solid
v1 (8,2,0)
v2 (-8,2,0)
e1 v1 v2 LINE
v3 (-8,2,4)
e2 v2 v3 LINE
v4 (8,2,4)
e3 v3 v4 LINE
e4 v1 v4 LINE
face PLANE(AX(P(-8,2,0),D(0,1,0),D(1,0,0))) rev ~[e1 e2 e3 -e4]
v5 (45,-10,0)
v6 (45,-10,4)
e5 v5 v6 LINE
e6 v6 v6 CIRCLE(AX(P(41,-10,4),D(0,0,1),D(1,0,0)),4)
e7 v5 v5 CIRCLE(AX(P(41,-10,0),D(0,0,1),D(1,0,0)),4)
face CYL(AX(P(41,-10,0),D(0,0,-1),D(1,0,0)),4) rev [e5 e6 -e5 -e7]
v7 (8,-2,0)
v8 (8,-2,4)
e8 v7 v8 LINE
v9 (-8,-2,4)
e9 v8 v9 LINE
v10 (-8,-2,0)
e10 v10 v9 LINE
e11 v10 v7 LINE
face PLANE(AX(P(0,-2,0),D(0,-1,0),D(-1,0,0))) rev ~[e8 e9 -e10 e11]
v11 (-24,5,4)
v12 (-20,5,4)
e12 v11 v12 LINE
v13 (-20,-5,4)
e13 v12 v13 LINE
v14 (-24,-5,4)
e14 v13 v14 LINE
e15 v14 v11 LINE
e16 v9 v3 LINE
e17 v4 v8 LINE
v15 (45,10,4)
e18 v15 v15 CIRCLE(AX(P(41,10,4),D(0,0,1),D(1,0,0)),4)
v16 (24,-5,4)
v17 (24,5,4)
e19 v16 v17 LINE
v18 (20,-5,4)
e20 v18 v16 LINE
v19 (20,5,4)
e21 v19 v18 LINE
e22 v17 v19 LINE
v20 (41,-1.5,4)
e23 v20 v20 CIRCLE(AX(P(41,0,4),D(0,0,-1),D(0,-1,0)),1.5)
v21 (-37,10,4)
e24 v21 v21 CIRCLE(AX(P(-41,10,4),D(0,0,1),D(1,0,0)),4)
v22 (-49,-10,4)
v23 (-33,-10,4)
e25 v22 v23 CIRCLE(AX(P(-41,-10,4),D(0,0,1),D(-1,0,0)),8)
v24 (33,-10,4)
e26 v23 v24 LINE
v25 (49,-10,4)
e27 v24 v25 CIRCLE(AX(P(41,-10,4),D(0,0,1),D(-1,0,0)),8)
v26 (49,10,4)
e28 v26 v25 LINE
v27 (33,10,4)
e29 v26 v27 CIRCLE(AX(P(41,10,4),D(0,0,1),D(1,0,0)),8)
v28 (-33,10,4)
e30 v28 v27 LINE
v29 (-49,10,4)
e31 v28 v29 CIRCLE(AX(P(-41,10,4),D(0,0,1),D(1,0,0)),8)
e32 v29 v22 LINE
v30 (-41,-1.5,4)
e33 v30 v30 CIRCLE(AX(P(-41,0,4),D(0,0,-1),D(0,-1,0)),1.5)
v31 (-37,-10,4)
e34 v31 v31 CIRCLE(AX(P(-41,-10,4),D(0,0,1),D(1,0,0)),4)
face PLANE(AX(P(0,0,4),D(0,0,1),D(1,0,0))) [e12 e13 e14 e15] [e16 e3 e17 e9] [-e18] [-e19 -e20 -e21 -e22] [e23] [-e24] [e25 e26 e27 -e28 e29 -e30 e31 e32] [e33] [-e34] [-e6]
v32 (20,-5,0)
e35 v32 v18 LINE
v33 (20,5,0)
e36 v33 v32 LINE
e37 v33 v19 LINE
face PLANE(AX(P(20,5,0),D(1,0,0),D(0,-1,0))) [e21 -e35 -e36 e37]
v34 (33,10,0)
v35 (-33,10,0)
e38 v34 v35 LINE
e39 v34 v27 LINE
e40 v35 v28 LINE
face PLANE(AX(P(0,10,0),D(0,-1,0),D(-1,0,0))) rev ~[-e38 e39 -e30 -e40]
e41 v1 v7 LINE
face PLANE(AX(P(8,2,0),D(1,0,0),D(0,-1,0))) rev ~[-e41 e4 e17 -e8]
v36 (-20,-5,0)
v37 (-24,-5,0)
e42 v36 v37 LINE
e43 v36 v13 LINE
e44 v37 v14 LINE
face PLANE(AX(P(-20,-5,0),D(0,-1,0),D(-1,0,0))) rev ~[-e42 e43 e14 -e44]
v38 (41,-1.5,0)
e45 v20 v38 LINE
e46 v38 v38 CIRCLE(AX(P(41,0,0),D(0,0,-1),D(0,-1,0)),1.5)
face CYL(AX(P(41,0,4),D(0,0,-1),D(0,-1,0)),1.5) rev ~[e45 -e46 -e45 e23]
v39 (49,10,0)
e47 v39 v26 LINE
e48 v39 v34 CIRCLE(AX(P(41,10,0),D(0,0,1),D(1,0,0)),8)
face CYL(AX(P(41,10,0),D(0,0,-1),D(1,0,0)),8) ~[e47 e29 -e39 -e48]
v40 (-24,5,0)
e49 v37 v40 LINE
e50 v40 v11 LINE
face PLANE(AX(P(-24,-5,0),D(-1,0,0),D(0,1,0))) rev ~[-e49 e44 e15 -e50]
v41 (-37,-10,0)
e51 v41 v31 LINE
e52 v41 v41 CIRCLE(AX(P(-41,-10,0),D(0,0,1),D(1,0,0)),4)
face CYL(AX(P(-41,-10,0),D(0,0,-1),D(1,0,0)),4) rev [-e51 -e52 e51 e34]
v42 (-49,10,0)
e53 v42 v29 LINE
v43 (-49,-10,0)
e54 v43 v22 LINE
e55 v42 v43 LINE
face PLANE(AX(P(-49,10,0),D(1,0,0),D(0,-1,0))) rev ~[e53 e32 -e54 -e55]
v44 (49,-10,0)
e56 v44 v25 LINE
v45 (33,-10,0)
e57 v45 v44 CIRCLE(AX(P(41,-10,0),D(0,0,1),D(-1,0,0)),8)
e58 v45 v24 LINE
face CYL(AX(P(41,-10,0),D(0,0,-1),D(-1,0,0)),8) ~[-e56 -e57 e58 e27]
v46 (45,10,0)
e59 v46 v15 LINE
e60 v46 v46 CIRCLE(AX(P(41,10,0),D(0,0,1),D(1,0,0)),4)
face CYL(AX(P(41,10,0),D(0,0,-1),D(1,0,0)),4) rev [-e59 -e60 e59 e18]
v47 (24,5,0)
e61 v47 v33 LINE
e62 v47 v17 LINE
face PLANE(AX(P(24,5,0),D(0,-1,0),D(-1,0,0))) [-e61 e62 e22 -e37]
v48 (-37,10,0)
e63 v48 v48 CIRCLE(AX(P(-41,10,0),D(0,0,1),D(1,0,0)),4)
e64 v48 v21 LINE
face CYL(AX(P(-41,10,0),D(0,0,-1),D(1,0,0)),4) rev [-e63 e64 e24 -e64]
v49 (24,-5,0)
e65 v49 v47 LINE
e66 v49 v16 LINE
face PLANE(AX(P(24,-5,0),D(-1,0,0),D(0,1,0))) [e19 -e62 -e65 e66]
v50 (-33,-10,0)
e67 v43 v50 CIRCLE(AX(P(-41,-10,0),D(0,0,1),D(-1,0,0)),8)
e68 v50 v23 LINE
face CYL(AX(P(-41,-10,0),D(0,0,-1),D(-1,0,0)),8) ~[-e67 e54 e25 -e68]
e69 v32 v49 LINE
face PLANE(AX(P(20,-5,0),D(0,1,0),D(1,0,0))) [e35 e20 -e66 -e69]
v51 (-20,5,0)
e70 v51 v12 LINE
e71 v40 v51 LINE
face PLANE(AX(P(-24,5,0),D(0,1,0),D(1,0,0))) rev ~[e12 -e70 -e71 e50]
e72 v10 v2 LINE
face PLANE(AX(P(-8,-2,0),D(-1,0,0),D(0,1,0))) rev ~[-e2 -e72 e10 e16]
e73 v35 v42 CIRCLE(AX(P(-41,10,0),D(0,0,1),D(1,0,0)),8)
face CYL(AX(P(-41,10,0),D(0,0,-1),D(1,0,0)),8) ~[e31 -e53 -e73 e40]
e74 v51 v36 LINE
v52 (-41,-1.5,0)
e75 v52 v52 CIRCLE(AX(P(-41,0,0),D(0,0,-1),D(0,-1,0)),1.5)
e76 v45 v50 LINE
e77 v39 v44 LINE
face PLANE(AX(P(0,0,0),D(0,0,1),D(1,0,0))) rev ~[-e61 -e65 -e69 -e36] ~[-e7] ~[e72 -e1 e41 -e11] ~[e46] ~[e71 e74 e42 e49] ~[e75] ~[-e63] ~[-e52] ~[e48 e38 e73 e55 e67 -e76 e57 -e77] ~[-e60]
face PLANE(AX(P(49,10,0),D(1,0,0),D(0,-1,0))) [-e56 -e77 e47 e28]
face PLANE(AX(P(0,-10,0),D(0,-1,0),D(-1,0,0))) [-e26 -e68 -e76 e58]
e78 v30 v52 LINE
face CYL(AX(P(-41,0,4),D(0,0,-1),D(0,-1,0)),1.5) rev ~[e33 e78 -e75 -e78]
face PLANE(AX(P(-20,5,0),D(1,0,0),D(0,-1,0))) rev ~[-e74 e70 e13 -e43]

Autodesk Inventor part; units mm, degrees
ref_plane "YZ Plane" through (0, 0, 0) normal (1, 0, 0) x (0, 1, 0)
ref_plane "XZ Plane" through (0, 0, 0) normal (0, 1, 0) x (-1, 0, 0)
ref_plane "XY Plane" through (0, 0, 0) normal (0, 0, 1) x (1, 0, 0)
sketch "Эскиз1" plane through (0, 0, 0) normal (0, 0, 1) x (1, 0, 0)
  circle A0 centre (-41, -10) radius 4
  circle A1 centre (-41, 10) radius 4
  circle A2 centre (41, 10) radius 4
  circle A3 centre (41, -10) radius 4
  line L0 (-41, 10) -> (41, 10) construction
  line L1 (41, 10) -> (41, -10) construction
  line L2 (41, -10) -> (-41, -10) construction
  line L3 (-41, -10) -> (-41, 10) construction
  arc A4 (-33, 10) -> (-49, 10) centre (-41, 10) ccw
  arc A5 (-49, -10) -> (-33, -10) centre (-41, -10) ccw
  arc A6 (33, -10) -> (49, -10) centre (41, -10) ccw
  arc A7 (49, 10) -> (33, 10) centre (41, 10) ccw
  line L4 (-49, 10) -> (-49, -10)
  line L5 (49, 10) -> (49, -10)
  line L6 (33, 10) -> (-33, 10)
  line L7 (33, -10) -> (-33, -10)
  line L8 (8, -2) -> (-8, -2)
  line L9 (-8, -2) -> (-8, 2)
  line L10 (-8, 2) -> (8, 2)
  line L11 (8, 2) -> (8, -2)
  line L12 (24, 5) -> (20, 5)
  line L13 (20, 5) -> (20, -5)
  line L14 (20, -5) -> (24, -5)
  line L15 (24, -5) -> (24, 5)
  line L16 (0, 10) -> (0, -10)
  line L17 (-24, 5) -> (-20, 5)
  line L18 (-20, 5) -> (-20, -5)
  line L19 (-20, -5) -> (-24, -5)
  line L20 (-24, -5) -> (-24, 5)
  point P0 (0, 0)
  point P1 (41, 0)
  point P2 (0, 2)
  point P3 (8, 0)
  point P4 (20, 0)
  point P5 (-20, 0)
  dimension "d0" = 8
  dimension "d1" = 20
  dimension "d2" = 82
  dimension "d3" = 8
  dimension "d6" = 10
  dimension "d7" = 10
  dimension "d8" = 4
  dimension "d9" = 16
  dimension "d10" = 10
  dimension "d11" = 40
extrude "Выдавливание1" add sketch "Эскиз1" along normal blind 4 contours L6 L16 L10 L9 L8 L7 A5 L4 A4 | L6 A7 L5 A6 L7 L16 L8 L11 L10
sketch "Эскиз2" plane through (0, 0, 4) normal (0, 0, 1) x (1, 0, 0)
  line L0 (-8, -2) -> (-8, 2) projected
  line L1 (-8, 2) -> (8, 2) projected
  line L2 (8, 2) -> (8, -2) projected
  line L3 (8, -2) -> (-8, -2) projected
  circle A0 centre (41, -10) radius 4 projected
  circle A1 centre (41, 10) radius 4 projected
  circle A2 centre (-41, 10) radius 4 projected
  circle A3 centre (-41, -10) radius 4 projected
  line L4 (-20, 5) -> (-20, -5) projected
  line L5 (-20, -5) -> (-24, -5) projected
  line L6 (-24, -5) -> (-24, 5) projected
  line L7 (-24, 5) -> (-20, 5) projected
  line L8 (24, 5) -> (24, -5) projected
  line L9 (24, -5) -> (20, -5) projected
  line L10 (20, -5) -> (20, 5) projected
  line L11 (20, 5) -> (24, 5) projected
  arc A4 (-33, 10) -> (-49, 10) centre (-41, 10) ccw projected
  line L12 (-49, 10) -> (-49, -10) projected
  arc A5 (-49, -10) -> (-33, -10) centre (-41, -10) ccw projected
  line L13 (-33, -10) -> (33, -10) projected
  arc A6 (33, -10) -> (49, -10) centre (41, -10) ccw projected
  line L14 (49, -10) -> (49, 10) projected
  arc A7 (49, 10) -> (33, 10) centre (41, 10) ccw projected
  line L15 (33, 10) -> (-33, 10) projected
  point P0 (0, 0)
  point P1 (41, 0)
  point P2 (-41, 0)
hole "Отверстие1" at (41, 0, 4) at (-41, 0, 4) direction (0, 0, -1) diameter 3 end through all
properties part number "PistonPart1" material "Дерево (вишня)"
